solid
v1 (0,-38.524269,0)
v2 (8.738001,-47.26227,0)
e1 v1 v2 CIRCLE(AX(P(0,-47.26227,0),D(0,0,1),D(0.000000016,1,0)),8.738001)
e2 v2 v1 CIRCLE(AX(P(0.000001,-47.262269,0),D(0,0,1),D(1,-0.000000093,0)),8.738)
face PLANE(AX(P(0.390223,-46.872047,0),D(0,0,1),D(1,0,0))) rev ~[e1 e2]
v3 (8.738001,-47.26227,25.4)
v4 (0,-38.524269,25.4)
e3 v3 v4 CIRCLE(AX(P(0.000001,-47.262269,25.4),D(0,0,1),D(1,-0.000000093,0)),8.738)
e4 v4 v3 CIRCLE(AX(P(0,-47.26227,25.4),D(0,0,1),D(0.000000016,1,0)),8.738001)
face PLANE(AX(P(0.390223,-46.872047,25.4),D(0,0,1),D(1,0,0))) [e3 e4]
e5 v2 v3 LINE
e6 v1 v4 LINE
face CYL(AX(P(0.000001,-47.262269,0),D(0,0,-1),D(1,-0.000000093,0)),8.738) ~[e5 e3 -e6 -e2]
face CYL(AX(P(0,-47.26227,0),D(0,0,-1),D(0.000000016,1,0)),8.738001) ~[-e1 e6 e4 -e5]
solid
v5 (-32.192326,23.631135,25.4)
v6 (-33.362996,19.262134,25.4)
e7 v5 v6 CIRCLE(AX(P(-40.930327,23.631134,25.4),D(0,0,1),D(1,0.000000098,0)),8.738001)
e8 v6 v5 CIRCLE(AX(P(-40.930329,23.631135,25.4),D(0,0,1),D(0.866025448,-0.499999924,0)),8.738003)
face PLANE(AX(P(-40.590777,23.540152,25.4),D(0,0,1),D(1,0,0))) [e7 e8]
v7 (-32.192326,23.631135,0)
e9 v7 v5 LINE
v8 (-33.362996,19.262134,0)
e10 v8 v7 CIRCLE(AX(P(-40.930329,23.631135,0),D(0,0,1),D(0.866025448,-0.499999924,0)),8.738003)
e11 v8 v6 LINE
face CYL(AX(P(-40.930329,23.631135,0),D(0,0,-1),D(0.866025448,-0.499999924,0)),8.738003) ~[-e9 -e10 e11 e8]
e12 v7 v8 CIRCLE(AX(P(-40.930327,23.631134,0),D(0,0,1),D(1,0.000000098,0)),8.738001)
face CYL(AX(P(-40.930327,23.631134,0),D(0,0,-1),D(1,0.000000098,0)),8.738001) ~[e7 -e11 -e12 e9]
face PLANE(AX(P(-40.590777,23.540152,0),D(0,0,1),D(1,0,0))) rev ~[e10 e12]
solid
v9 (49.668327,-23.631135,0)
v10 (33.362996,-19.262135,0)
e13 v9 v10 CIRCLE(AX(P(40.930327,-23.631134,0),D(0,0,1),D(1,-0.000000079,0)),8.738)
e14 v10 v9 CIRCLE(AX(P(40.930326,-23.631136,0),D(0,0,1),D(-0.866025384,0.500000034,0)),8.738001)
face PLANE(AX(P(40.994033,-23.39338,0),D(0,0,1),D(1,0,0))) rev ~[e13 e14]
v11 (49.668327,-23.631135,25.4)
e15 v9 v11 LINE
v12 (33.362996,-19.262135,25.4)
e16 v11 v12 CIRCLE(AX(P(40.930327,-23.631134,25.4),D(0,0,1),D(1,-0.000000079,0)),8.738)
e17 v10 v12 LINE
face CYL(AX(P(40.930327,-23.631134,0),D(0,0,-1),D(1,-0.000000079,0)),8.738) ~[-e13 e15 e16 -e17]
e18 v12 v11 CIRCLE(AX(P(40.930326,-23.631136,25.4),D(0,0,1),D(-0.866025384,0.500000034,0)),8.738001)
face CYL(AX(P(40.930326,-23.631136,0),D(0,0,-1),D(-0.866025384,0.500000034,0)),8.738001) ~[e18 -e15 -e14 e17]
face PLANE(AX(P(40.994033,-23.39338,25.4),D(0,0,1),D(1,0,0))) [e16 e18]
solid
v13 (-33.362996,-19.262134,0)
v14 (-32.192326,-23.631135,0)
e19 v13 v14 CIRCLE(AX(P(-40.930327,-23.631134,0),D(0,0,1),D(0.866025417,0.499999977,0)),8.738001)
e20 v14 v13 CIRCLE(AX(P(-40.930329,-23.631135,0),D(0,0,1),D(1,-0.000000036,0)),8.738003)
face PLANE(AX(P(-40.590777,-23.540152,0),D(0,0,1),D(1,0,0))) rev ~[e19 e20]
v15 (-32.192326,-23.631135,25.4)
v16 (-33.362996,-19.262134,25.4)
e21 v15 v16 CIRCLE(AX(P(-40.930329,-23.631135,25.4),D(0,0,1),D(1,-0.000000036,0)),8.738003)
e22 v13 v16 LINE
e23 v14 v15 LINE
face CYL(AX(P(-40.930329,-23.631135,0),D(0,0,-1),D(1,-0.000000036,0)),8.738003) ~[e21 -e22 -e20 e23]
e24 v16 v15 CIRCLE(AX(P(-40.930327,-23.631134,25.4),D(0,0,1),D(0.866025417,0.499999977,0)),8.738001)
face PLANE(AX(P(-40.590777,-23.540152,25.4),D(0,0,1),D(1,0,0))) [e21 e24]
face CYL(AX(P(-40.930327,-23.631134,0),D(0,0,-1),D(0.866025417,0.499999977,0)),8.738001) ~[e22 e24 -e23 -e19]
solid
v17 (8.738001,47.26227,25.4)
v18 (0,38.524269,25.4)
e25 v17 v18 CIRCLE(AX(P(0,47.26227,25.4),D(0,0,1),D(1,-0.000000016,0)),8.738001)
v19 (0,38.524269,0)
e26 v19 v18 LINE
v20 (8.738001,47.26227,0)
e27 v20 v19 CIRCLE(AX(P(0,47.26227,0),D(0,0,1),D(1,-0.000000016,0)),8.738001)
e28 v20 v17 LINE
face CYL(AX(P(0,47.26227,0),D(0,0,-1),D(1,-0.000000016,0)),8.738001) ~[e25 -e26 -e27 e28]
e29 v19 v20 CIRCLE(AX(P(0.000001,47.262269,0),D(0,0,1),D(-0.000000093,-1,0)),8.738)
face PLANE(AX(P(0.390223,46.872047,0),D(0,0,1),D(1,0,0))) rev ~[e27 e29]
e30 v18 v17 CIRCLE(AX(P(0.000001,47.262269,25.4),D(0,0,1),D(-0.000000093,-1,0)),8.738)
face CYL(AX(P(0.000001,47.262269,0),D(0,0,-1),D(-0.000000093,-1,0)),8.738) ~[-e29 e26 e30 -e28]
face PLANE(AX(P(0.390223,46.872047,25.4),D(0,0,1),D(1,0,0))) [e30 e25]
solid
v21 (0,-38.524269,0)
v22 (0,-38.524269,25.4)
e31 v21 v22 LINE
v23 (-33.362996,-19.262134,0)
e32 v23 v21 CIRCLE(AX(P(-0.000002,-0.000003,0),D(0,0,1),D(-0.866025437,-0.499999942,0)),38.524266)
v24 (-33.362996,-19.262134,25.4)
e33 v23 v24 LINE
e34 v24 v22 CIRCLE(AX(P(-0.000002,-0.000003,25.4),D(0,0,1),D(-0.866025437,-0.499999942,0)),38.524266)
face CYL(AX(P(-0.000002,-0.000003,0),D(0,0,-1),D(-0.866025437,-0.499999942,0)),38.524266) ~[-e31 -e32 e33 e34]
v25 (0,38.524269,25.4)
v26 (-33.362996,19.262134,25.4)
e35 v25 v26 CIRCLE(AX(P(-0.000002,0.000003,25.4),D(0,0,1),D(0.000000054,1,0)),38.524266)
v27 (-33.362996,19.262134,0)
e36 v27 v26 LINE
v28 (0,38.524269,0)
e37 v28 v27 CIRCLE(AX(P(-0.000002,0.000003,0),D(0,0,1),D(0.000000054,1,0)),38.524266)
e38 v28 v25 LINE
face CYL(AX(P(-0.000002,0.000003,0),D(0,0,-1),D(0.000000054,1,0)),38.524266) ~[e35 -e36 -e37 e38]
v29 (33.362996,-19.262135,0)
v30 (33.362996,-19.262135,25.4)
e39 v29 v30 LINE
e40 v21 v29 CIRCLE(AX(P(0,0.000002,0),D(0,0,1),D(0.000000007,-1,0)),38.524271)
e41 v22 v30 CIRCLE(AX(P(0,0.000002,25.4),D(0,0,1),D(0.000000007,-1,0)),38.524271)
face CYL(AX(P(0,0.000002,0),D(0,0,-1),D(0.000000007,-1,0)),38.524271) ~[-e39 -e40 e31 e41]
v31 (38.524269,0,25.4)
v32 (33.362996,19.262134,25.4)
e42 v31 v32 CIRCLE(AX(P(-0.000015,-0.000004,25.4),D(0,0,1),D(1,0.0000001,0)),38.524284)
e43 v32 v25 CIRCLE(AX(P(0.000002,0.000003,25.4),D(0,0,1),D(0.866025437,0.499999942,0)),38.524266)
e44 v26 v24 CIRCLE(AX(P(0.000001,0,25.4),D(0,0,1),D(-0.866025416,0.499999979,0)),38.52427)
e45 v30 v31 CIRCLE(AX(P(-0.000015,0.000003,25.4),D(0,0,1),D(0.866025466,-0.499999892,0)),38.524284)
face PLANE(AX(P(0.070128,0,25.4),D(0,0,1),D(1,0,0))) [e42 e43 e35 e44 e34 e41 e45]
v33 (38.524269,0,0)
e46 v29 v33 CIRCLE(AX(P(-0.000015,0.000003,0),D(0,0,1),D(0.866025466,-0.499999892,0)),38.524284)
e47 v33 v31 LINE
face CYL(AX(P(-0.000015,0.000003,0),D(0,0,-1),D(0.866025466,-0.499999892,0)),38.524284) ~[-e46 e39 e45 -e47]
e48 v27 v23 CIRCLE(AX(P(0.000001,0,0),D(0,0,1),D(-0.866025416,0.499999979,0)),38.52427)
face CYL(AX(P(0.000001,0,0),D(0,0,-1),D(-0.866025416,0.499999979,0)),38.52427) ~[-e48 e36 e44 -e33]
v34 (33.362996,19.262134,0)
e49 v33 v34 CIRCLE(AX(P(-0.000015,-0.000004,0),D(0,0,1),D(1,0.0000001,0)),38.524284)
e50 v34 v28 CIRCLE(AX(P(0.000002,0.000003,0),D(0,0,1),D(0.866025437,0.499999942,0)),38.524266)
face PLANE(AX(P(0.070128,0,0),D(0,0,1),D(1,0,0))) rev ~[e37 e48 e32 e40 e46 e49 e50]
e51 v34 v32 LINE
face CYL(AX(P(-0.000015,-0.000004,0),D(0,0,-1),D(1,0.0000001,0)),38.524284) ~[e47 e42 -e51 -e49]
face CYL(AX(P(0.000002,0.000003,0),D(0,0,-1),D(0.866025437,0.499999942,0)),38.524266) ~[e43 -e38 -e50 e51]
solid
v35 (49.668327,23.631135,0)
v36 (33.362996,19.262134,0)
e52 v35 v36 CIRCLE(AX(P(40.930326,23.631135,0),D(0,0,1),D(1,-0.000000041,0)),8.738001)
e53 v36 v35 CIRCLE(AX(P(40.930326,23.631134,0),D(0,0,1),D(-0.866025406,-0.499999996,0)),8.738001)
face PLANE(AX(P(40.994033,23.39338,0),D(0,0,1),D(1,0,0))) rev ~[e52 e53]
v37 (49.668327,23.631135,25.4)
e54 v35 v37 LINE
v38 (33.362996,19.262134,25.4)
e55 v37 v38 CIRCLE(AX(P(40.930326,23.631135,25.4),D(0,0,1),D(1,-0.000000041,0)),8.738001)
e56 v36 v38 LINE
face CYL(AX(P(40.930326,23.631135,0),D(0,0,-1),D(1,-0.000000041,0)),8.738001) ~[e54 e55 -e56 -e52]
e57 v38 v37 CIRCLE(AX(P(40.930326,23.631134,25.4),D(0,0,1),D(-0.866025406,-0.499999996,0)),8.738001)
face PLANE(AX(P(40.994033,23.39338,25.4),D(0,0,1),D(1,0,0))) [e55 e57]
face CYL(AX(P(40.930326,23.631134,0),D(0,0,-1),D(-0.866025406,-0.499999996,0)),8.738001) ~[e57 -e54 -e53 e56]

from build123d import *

# Parameters (mm, degrees)
F1_DEPTH = 25.4


with BuildPart() as f1:
    # F0 (on Top) → F1 (new body)
    with BuildSketch(Plane.XY):
        with BuildLine():
            ThreePointArc((8.738001, 47.26227), (-6.1787, 53.44097), (0, 38.524269))
            ThreePointArc((0, 38.524269), (6.1787, 41.08357), (8.738001, 47.26227))
        make_face()
        with BuildLine():
            ThreePointArc((33.362996, -19.262135), (37.211586, -9.970815), (38.524269, 0))
            ThreePointArc((38.524269, 0), (37.211586, 9.970814), (33.362996, 19.262134))
            ThreePointArc((33.362996, 19.262134), (19.262135, 33.362996), (0, 38.524269))
            ThreePointArc((0, 38.524269), (-19.262135, 33.362996), (-33.362996, 19.262134))
            ThreePointArc((-33.362996, 19.262134), (-38.524269, 0), (-33.362996, -19.262134))
            ThreePointArc((-33.362996, -19.262134), (-19.262135, -33.362996), (0, -38.524269))
            ThreePointArc((0, -38.524269), (19.262134, -33.362996), (33.362996, -19.262135))
        make_face()
        with BuildLine():
            ThreePointArc((49.668327, 23.631135), (38.668765, 32.071396), (33.362996, 19.262134))
            ThreePointArc((33.362996, 19.262134), (43.191888, 15.190874), (49.668327, 23.631135))
        make_face()
        with BuildLine():
            ThreePointArc((49.668327, -23.631135), (43.191887, -15.190874), (33.362996, -19.262135))
            ThreePointArc((33.362996, -19.262135), (38.668765, -32.071396), (49.668327, -23.631135))
        make_face()
        with BuildLine():
            ThreePointArc((8.738001, -47.26227), (6.1787, -41.08357), (0, -38.524269))
            ThreePointArc((0, -38.524269), (-6.1787, -53.44097), (8.738001, -47.26227))
        make_face()
        with BuildLine():
            ThreePointArc((-32.192326, -23.631135), (-32.490066, -21.369574), (-33.362996, -19.262134))
            ThreePointArc((-33.362996, -19.262134), (-49.370587, -25.892696), (-32.192326, -23.631135))
        make_face()
        with BuildLine():
            ThreePointArc((-32.192326, 23.631135), (-49.370587, 25.892696), (-33.362996, 19.262134))
            ThreePointArc((-33.362996, 19.262134), (-32.490066, 21.369574), (-32.192326, 23.631135))
        make_face()
    extrude(amount=F1_DEPTH)


solid = f1.part
